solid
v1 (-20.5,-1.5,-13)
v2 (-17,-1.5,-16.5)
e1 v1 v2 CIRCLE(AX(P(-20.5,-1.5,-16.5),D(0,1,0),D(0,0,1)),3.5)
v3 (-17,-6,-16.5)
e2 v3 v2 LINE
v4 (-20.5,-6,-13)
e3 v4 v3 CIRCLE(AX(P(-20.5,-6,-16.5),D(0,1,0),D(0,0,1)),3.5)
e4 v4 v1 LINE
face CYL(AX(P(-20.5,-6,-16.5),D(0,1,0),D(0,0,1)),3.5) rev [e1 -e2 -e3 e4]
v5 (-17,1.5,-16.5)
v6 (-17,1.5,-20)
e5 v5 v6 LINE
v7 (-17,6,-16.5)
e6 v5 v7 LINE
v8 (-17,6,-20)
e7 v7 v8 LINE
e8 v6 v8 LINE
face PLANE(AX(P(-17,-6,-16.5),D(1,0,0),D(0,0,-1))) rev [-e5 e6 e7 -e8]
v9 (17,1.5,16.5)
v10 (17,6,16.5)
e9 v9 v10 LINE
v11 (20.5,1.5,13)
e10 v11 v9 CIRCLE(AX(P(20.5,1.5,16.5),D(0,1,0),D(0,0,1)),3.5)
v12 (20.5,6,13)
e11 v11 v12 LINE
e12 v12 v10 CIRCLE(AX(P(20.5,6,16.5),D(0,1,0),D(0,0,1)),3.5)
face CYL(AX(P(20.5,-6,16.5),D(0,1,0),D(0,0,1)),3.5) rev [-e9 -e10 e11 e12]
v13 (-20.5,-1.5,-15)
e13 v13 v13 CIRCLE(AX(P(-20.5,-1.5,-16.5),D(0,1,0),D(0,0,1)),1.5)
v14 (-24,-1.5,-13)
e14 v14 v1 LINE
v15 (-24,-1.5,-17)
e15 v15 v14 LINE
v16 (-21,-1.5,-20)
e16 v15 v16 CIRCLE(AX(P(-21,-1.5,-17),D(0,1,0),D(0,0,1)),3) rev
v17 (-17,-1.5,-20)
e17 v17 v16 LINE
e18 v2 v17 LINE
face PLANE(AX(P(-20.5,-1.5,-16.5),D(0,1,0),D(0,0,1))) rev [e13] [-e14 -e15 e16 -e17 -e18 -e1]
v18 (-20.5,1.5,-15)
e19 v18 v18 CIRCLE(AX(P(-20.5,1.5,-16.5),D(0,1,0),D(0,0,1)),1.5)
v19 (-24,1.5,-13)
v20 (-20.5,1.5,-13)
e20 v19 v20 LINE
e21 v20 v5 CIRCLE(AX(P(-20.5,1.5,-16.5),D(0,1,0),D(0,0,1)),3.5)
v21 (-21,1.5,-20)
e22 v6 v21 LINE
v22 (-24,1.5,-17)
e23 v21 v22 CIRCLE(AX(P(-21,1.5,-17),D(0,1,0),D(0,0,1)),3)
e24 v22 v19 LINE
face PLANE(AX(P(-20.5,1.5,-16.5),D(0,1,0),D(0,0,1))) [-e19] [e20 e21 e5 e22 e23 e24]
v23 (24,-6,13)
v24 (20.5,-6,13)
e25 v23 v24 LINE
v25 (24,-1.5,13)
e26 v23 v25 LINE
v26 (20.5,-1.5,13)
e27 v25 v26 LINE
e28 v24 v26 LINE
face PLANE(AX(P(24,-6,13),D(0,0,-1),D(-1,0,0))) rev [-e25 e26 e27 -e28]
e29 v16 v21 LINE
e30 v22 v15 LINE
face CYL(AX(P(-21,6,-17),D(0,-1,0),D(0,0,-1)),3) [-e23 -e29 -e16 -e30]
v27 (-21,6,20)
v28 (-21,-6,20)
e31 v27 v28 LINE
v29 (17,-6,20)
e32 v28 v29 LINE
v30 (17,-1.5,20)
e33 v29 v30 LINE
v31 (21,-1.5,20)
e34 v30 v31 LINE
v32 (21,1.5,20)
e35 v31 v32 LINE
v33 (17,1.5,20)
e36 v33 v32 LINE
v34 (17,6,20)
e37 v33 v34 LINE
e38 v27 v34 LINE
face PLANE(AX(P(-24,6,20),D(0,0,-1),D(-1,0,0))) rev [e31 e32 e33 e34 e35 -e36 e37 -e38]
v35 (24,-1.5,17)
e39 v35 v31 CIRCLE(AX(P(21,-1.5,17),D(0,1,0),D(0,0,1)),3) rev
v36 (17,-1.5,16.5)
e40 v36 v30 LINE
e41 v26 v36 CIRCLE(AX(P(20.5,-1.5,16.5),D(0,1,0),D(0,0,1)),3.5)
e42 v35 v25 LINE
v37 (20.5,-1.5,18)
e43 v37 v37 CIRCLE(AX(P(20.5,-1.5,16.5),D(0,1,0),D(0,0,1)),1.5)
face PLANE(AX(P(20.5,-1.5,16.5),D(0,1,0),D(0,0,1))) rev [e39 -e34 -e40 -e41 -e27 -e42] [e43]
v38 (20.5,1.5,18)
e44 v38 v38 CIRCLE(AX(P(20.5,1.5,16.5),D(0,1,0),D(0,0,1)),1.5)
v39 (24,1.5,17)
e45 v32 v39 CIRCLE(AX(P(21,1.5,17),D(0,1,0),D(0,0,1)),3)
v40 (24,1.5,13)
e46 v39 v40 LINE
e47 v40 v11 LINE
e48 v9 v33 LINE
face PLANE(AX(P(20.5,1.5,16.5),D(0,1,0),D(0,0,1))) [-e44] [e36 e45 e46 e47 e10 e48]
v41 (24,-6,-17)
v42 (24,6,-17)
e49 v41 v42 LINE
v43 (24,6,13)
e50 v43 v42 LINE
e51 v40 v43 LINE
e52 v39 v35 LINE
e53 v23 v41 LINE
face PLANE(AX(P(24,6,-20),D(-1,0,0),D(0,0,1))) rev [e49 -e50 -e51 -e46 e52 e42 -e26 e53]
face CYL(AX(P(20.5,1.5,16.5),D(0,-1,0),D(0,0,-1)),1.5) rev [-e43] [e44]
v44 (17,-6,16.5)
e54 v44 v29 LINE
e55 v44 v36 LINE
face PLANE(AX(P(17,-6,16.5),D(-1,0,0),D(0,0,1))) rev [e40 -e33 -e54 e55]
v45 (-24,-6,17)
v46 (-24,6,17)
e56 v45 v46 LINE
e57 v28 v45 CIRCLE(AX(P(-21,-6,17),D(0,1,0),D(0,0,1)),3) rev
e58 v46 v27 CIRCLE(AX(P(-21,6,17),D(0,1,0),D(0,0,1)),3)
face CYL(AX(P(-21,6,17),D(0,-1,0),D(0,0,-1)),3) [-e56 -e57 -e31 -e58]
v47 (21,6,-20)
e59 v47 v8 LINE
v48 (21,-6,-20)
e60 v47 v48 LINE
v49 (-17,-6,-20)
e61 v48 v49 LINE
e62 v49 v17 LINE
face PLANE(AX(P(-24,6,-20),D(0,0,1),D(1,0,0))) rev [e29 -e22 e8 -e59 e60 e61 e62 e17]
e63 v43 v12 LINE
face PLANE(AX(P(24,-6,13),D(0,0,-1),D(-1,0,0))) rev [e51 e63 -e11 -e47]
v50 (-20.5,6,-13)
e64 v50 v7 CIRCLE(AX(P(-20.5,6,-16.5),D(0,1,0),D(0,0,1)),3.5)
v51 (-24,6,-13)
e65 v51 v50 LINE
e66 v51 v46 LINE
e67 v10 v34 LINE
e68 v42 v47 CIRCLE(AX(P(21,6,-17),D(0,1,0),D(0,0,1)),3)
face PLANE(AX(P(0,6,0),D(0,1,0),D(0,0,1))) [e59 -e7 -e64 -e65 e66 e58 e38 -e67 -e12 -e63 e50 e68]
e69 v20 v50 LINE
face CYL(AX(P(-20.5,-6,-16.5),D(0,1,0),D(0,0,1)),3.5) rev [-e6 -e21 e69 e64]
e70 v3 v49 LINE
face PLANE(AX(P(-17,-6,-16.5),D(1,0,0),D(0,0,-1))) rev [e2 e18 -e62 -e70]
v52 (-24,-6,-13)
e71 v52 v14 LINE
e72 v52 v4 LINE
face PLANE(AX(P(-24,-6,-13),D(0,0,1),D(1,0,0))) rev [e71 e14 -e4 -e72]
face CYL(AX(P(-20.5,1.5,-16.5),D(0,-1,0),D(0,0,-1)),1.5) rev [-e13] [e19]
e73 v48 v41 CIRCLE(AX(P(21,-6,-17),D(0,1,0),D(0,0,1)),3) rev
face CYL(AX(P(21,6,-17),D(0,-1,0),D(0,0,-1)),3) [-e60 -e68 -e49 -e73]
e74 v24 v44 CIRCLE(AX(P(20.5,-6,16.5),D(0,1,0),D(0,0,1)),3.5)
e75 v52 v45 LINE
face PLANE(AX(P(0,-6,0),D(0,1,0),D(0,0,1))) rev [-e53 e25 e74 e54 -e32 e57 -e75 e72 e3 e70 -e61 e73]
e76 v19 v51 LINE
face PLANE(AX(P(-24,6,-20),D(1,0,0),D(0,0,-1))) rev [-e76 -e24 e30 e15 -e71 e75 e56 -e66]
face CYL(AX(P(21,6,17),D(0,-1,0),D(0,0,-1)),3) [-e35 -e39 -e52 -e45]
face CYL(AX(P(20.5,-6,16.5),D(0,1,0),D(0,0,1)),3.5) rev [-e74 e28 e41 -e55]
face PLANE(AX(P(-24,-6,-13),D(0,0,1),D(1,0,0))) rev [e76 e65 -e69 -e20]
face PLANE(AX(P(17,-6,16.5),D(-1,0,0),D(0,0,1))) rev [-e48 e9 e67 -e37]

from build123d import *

# Parameters (mm, degrees)
SKETCH1_W               = 48
SKETCH1_H               = 40
BOSS_EXTRUDE1_DEPTH     = 6
CUT_EXTRUDE1_DEPTH      = 34.466401061
CUT_EXTRUDE1_DEPTH_BACK = 34.466401061
SKETCH3_R               = 1.5
BOSS_EXTRUDE2_DEPTH     = 1.5
FILLET1_R               = 3


with BuildPart() as part:
    # Sketch1 → Boss-Extrude1 (new, symmetric)
    with BuildSketch(Plane(origin=(0, 0, 0), x_dir=(1, 0, 0), z_dir=(0, 1, 0))):
        Rectangle(SKETCH1_W, SKETCH1_H)
    extrude(amount=BOSS_EXTRUDE1_DEPTH, both=True)

    # Sketch2 → Cut-Extrude1 (cut, two sides: drawn at the far end of the back side and taken through both)
    with BuildSketch(Plane(origin=(0, 6, 0), x_dir=(1, 0, 0), z_dir=(0, 1, 0)).offset(-CUT_EXTRUDE1_DEPTH_BACK)):
        with BuildLine():
            Line((-24, 13), (-20.5, 13))
            ThreePointArc((-20.5, 13), (-18.025126266, 14.025126266), (-17, 16.5))
            Line((-17, 16.5), (-17, 20))
            Line((-17, 20), (-24, 20))
            Line((-24, 20), (-24, 13))
        make_face()
        with BuildLine():
            Line((24, -13), (20.5, -13))
            ThreePointArc((20.5, -13), (18.025126266, -14.025126266), (17, -16.5))
            Line((17, -16.5), (17, -20))
            Line((17, -20), (24, -20))
            Line((24, -20), (24, -13))
        make_face()
    extrude(amount=CUT_EXTRUDE1_DEPTH + CUT_EXTRUDE1_DEPTH_BACK, mode=Mode.SUBTRACT)

    # Sketch3 → Boss-Extrude2 (add, symmetric)
    # profile 1 of 2: a face of its own
    with BuildSketch(Plane(origin=(0, 0, 0), x_dir=(1, 0, 0), z_dir=(0, 1, 0))):
        with BuildLine():
            Line((24, -13), (20.5, -13))
            ThreePointArc((20.5, -13), (18.025126266, -14.025126266), (17, -16.5))
            Line((17, -16.5), (17, -20))
            Line((17, -20), (24, -20))
            Line((24, -20), (24, -13))
        make_face()
        with Locations(Location((20.5, -16.5, 0), (0, 0, 270))):
            Circle(SKETCH3_R, mode=Mode.SUBTRACT)
    # profile 2 of 2: a face of its own
    with BuildSketch(Plane(origin=(0, 0, 0), x_dir=(1, 0, 0), z_dir=(0, 1, 0))):
        with BuildLine():
            Line((-24, 13), (-20.5, 13))
            ThreePointArc((-20.5, 13), (-18.025126266, 14.025126266), (-17, 16.5))
            Line((-17, 16.5), (-17, 20))
            Line((-17, 20), (-24, 20))
            Line((-24, 20), (-24, 13))
        make_face()
        with Locations(Location((-20.5, 16.5, 0), (0, 0, 270))):
            Circle(SKETCH3_R, mode=Mode.SUBTRACT)
    extrude(amount=BOSS_EXTRUDE2_DEPTH, both=True)

    # Fillet1
    fillet1_edges = [part.edges().sort_by_distance(p)[0] for p in [
        (24, 0, 20),
        (-24, 0, 20),
        (24, 0, -20),
        (-24, 0, -20),
    ]]
    fillet(fillet1_edges, radius=FILLET1_R)


solid = part.part
